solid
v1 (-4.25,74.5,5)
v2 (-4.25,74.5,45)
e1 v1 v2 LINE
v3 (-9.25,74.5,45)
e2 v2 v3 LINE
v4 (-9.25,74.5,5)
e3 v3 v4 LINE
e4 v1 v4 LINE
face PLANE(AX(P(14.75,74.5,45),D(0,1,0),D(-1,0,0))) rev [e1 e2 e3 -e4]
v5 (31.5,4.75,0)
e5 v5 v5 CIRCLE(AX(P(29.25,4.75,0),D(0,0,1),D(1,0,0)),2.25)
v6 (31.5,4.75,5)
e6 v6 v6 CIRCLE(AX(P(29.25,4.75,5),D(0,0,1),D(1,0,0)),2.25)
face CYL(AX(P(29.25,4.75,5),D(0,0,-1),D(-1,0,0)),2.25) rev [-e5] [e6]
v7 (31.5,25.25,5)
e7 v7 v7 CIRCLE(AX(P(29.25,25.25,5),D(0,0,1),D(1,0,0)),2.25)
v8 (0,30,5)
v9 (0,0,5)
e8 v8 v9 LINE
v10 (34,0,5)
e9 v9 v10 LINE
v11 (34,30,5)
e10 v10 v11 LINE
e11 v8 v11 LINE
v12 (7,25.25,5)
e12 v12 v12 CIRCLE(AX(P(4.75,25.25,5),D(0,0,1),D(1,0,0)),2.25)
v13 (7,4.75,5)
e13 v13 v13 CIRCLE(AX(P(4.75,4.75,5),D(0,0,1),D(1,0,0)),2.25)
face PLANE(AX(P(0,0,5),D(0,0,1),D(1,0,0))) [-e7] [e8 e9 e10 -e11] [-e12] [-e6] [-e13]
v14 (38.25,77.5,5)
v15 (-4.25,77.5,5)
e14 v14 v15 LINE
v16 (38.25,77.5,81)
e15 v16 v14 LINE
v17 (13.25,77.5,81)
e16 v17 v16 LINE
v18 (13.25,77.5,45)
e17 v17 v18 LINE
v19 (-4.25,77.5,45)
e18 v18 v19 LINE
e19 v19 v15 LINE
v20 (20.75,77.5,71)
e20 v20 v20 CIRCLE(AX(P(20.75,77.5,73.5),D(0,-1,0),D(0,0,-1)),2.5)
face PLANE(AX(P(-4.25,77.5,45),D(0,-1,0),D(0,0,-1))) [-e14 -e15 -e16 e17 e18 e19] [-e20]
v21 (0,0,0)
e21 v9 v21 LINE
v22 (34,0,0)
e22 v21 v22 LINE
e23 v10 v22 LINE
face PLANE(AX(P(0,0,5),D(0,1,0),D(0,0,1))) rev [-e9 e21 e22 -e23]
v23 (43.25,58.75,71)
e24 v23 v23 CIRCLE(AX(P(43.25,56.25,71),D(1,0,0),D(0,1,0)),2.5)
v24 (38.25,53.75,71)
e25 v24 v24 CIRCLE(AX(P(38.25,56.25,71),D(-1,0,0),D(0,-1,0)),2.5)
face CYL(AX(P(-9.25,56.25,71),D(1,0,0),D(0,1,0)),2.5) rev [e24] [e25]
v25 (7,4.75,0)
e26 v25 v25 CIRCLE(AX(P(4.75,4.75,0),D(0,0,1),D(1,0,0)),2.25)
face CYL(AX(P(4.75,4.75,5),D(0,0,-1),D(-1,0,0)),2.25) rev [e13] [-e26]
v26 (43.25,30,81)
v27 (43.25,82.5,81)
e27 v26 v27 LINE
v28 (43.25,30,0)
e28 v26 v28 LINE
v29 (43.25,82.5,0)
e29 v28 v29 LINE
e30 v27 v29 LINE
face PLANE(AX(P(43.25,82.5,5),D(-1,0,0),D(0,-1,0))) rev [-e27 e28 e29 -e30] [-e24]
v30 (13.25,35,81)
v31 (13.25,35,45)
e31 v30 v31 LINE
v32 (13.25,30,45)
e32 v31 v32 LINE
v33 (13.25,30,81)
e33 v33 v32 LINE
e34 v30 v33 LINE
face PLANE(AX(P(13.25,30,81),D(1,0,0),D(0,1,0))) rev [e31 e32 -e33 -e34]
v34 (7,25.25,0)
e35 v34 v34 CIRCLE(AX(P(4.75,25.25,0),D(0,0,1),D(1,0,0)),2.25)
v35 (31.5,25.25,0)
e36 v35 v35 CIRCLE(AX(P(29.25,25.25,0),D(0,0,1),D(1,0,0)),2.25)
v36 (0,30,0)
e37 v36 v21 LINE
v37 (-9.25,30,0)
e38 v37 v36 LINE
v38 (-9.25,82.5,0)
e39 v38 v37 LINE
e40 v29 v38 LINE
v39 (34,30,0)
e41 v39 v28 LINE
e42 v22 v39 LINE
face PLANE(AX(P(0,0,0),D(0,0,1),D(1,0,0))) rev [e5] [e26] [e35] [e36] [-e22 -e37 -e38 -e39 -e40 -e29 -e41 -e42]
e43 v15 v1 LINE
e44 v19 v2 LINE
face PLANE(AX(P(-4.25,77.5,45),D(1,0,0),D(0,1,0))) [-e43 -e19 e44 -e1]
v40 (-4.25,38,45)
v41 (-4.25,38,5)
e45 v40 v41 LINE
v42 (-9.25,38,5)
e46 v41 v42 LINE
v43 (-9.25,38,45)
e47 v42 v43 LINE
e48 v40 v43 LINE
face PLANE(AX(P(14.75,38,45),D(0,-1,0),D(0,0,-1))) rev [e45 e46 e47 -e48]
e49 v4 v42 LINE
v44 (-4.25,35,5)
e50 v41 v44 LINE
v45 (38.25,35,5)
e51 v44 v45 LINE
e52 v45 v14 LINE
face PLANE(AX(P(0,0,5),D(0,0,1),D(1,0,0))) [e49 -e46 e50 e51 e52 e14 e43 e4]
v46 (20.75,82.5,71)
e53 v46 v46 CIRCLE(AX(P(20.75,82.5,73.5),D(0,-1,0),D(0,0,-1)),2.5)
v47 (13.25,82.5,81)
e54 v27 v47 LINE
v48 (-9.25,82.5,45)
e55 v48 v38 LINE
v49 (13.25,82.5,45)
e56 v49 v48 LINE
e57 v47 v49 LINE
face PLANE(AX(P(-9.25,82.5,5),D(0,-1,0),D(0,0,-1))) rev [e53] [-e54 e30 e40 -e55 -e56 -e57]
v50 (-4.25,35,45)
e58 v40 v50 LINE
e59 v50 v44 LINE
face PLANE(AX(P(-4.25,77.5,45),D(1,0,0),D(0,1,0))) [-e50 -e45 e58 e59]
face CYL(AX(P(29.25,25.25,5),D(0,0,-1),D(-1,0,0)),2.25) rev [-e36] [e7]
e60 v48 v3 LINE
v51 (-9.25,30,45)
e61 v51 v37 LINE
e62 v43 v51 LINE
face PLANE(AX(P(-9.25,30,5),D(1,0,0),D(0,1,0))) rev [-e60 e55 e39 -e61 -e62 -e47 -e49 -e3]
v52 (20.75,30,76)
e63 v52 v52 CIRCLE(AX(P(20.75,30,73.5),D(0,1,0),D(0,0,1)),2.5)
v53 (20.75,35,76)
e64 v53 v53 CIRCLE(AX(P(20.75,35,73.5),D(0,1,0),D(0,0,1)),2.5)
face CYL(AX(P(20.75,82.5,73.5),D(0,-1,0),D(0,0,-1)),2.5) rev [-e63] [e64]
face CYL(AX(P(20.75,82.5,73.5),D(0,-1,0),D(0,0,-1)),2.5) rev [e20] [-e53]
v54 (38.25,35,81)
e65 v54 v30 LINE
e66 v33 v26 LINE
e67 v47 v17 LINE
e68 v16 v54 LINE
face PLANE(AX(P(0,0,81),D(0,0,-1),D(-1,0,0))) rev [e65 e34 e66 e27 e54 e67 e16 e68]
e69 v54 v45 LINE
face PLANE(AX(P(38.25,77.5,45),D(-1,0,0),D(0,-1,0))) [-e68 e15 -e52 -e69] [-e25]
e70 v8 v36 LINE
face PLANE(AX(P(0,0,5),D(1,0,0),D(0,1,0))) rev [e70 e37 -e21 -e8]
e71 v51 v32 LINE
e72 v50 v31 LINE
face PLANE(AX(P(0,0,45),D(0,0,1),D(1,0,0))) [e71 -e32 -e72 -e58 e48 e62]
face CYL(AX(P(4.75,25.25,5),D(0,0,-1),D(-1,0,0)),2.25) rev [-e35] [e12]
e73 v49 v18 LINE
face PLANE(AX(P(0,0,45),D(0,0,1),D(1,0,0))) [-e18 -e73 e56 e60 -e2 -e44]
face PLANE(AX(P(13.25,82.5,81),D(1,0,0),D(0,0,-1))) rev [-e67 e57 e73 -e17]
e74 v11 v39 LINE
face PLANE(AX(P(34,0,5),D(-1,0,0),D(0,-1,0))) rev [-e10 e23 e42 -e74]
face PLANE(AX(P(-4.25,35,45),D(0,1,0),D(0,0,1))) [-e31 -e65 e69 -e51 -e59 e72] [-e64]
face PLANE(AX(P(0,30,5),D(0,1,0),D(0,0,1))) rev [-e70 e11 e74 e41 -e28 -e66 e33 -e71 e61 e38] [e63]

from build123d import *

# Parameters (mm, degrees)
SKETCH1_R               = 2.25
BOSS_EXTRUDE1_DEPTH     = 5
SKETCH2_W               = 52.5
SKETCH2_H               = 52.5
SKETCH2_W_2             = 42.5
SKETCH2_H_2             = 42.5
BOSS_EXTRUDE2_DEPTH     = 40
BOSS_EXTRUDE3_DEPTH     = 36
CUT_EXTRUDE2_DEPTH      = 121.157448791
CUT_EXTRUDE2_DEPTH_BACK = 121.157448791
SKETCH6_R               = 2.5
CUT_EXTRUDE3_DEPTH      = 127.97834461
CUT_EXTRUDE3_DEPTH_BACK = 127.97834461
SKETCH7_R               = 2.5
SKETCH8_W               = 40
SKETCH8_H               = 36.5
CUT_EXTRUDE4_DEPTH      = 24


with BuildPart() as part:
    # Sketch1 → Boss-Extrude1 (new body)
    with BuildSketch(Plane.XY):
        Polygon((0, 30), (-9.25, 30), (-9.25, 82.5), (43.25, 82.5), (43.25, 30), (34, 30), (34, 0), (0, 0), align=None)
        with Locations((4.75, 25.25)):
            Circle(SKETCH1_R, mode=Mode.SUBTRACT)
        with Locations((29.25, 25.25)):
            Circle(SKETCH1_R, mode=Mode.SUBTRACT)
        with Locations((29.25, 4.75)):
            Circle(SKETCH1_R, mode=Mode.SUBTRACT)
        with Locations((4.75, 4.75)):
            Circle(SKETCH1_R, mode=Mode.SUBTRACT)
    extrude(amount=BOSS_EXTRUDE1_DEPTH)

    # Sketch2 → Boss-Extrude2 (add)
    with BuildSketch(Plane.XY.offset(5)):
        with Locations((17, 56.25)):
            Rectangle(SKETCH2_W, SKETCH2_H)
        with Locations((17, 56.25)):
            Rectangle(SKETCH2_W_2, SKETCH2_H_2, mode=Mode.SUBTRACT)
    extrude(amount=BOSS_EXTRUDE2_DEPTH)

    # Sketch5 → Boss-Extrude3 (add)
    with BuildSketch(Plane.XY.offset(45)):
        Polygon((43.25, 82.5), (43.25, 30), (13.25, 30), (13.25, 35), (38.25, 35), (38.25, 77.5), (13.25, 77.5), (13.25, 82.5), align=None)
    extrude(amount=BOSS_EXTRUDE3_DEPTH)

    # Sketch6 → Cut-Extrude2 (cut, two sides: drawn at the far end of the back side and taken through both)
    with BuildSketch(Plane.XZ.offset(-77.5).offset(-CUT_EXTRUDE2_DEPTH_BACK)):
        with Locations(Location((20.75, 73.5, 0), (0, 0, 270))):
            Circle(SKETCH6_R)
    extrude(amount=CUT_EXTRUDE2_DEPTH + CUT_EXTRUDE2_DEPTH_BACK, mode=Mode.SUBTRACT)

    # Sketch7 → Cut-Extrude3 (cut, two sides: drawn at the far end of the back side and taken through both)
    with BuildSketch(Plane(origin=(43.25, 0, 0), x_dir=(0, 0, -1), z_dir=(1, 0, 0)).offset(-CUT_EXTRUDE3_DEPTH_BACK)):
        with Locations(Location((-71, 56.25, 0), (0, 0, 90))):
            Circle(SKETCH7_R)
    extrude(amount=CUT_EXTRUDE3_DEPTH + CUT_EXTRUDE3_DEPTH_BACK, mode=Mode.SUBTRACT)

    # Sketch8 → Cut-Extrude4 (cut)
    with BuildSketch(Plane.ZY.offset(9.25)):
        with Locations((25, 56.25)):
            Rectangle(SKETCH8_W, SKETCH8_H)
    extrude(amount=-CUT_EXTRUDE4_DEPTH, mode=Mode.SUBTRACT)


solid = part.part
